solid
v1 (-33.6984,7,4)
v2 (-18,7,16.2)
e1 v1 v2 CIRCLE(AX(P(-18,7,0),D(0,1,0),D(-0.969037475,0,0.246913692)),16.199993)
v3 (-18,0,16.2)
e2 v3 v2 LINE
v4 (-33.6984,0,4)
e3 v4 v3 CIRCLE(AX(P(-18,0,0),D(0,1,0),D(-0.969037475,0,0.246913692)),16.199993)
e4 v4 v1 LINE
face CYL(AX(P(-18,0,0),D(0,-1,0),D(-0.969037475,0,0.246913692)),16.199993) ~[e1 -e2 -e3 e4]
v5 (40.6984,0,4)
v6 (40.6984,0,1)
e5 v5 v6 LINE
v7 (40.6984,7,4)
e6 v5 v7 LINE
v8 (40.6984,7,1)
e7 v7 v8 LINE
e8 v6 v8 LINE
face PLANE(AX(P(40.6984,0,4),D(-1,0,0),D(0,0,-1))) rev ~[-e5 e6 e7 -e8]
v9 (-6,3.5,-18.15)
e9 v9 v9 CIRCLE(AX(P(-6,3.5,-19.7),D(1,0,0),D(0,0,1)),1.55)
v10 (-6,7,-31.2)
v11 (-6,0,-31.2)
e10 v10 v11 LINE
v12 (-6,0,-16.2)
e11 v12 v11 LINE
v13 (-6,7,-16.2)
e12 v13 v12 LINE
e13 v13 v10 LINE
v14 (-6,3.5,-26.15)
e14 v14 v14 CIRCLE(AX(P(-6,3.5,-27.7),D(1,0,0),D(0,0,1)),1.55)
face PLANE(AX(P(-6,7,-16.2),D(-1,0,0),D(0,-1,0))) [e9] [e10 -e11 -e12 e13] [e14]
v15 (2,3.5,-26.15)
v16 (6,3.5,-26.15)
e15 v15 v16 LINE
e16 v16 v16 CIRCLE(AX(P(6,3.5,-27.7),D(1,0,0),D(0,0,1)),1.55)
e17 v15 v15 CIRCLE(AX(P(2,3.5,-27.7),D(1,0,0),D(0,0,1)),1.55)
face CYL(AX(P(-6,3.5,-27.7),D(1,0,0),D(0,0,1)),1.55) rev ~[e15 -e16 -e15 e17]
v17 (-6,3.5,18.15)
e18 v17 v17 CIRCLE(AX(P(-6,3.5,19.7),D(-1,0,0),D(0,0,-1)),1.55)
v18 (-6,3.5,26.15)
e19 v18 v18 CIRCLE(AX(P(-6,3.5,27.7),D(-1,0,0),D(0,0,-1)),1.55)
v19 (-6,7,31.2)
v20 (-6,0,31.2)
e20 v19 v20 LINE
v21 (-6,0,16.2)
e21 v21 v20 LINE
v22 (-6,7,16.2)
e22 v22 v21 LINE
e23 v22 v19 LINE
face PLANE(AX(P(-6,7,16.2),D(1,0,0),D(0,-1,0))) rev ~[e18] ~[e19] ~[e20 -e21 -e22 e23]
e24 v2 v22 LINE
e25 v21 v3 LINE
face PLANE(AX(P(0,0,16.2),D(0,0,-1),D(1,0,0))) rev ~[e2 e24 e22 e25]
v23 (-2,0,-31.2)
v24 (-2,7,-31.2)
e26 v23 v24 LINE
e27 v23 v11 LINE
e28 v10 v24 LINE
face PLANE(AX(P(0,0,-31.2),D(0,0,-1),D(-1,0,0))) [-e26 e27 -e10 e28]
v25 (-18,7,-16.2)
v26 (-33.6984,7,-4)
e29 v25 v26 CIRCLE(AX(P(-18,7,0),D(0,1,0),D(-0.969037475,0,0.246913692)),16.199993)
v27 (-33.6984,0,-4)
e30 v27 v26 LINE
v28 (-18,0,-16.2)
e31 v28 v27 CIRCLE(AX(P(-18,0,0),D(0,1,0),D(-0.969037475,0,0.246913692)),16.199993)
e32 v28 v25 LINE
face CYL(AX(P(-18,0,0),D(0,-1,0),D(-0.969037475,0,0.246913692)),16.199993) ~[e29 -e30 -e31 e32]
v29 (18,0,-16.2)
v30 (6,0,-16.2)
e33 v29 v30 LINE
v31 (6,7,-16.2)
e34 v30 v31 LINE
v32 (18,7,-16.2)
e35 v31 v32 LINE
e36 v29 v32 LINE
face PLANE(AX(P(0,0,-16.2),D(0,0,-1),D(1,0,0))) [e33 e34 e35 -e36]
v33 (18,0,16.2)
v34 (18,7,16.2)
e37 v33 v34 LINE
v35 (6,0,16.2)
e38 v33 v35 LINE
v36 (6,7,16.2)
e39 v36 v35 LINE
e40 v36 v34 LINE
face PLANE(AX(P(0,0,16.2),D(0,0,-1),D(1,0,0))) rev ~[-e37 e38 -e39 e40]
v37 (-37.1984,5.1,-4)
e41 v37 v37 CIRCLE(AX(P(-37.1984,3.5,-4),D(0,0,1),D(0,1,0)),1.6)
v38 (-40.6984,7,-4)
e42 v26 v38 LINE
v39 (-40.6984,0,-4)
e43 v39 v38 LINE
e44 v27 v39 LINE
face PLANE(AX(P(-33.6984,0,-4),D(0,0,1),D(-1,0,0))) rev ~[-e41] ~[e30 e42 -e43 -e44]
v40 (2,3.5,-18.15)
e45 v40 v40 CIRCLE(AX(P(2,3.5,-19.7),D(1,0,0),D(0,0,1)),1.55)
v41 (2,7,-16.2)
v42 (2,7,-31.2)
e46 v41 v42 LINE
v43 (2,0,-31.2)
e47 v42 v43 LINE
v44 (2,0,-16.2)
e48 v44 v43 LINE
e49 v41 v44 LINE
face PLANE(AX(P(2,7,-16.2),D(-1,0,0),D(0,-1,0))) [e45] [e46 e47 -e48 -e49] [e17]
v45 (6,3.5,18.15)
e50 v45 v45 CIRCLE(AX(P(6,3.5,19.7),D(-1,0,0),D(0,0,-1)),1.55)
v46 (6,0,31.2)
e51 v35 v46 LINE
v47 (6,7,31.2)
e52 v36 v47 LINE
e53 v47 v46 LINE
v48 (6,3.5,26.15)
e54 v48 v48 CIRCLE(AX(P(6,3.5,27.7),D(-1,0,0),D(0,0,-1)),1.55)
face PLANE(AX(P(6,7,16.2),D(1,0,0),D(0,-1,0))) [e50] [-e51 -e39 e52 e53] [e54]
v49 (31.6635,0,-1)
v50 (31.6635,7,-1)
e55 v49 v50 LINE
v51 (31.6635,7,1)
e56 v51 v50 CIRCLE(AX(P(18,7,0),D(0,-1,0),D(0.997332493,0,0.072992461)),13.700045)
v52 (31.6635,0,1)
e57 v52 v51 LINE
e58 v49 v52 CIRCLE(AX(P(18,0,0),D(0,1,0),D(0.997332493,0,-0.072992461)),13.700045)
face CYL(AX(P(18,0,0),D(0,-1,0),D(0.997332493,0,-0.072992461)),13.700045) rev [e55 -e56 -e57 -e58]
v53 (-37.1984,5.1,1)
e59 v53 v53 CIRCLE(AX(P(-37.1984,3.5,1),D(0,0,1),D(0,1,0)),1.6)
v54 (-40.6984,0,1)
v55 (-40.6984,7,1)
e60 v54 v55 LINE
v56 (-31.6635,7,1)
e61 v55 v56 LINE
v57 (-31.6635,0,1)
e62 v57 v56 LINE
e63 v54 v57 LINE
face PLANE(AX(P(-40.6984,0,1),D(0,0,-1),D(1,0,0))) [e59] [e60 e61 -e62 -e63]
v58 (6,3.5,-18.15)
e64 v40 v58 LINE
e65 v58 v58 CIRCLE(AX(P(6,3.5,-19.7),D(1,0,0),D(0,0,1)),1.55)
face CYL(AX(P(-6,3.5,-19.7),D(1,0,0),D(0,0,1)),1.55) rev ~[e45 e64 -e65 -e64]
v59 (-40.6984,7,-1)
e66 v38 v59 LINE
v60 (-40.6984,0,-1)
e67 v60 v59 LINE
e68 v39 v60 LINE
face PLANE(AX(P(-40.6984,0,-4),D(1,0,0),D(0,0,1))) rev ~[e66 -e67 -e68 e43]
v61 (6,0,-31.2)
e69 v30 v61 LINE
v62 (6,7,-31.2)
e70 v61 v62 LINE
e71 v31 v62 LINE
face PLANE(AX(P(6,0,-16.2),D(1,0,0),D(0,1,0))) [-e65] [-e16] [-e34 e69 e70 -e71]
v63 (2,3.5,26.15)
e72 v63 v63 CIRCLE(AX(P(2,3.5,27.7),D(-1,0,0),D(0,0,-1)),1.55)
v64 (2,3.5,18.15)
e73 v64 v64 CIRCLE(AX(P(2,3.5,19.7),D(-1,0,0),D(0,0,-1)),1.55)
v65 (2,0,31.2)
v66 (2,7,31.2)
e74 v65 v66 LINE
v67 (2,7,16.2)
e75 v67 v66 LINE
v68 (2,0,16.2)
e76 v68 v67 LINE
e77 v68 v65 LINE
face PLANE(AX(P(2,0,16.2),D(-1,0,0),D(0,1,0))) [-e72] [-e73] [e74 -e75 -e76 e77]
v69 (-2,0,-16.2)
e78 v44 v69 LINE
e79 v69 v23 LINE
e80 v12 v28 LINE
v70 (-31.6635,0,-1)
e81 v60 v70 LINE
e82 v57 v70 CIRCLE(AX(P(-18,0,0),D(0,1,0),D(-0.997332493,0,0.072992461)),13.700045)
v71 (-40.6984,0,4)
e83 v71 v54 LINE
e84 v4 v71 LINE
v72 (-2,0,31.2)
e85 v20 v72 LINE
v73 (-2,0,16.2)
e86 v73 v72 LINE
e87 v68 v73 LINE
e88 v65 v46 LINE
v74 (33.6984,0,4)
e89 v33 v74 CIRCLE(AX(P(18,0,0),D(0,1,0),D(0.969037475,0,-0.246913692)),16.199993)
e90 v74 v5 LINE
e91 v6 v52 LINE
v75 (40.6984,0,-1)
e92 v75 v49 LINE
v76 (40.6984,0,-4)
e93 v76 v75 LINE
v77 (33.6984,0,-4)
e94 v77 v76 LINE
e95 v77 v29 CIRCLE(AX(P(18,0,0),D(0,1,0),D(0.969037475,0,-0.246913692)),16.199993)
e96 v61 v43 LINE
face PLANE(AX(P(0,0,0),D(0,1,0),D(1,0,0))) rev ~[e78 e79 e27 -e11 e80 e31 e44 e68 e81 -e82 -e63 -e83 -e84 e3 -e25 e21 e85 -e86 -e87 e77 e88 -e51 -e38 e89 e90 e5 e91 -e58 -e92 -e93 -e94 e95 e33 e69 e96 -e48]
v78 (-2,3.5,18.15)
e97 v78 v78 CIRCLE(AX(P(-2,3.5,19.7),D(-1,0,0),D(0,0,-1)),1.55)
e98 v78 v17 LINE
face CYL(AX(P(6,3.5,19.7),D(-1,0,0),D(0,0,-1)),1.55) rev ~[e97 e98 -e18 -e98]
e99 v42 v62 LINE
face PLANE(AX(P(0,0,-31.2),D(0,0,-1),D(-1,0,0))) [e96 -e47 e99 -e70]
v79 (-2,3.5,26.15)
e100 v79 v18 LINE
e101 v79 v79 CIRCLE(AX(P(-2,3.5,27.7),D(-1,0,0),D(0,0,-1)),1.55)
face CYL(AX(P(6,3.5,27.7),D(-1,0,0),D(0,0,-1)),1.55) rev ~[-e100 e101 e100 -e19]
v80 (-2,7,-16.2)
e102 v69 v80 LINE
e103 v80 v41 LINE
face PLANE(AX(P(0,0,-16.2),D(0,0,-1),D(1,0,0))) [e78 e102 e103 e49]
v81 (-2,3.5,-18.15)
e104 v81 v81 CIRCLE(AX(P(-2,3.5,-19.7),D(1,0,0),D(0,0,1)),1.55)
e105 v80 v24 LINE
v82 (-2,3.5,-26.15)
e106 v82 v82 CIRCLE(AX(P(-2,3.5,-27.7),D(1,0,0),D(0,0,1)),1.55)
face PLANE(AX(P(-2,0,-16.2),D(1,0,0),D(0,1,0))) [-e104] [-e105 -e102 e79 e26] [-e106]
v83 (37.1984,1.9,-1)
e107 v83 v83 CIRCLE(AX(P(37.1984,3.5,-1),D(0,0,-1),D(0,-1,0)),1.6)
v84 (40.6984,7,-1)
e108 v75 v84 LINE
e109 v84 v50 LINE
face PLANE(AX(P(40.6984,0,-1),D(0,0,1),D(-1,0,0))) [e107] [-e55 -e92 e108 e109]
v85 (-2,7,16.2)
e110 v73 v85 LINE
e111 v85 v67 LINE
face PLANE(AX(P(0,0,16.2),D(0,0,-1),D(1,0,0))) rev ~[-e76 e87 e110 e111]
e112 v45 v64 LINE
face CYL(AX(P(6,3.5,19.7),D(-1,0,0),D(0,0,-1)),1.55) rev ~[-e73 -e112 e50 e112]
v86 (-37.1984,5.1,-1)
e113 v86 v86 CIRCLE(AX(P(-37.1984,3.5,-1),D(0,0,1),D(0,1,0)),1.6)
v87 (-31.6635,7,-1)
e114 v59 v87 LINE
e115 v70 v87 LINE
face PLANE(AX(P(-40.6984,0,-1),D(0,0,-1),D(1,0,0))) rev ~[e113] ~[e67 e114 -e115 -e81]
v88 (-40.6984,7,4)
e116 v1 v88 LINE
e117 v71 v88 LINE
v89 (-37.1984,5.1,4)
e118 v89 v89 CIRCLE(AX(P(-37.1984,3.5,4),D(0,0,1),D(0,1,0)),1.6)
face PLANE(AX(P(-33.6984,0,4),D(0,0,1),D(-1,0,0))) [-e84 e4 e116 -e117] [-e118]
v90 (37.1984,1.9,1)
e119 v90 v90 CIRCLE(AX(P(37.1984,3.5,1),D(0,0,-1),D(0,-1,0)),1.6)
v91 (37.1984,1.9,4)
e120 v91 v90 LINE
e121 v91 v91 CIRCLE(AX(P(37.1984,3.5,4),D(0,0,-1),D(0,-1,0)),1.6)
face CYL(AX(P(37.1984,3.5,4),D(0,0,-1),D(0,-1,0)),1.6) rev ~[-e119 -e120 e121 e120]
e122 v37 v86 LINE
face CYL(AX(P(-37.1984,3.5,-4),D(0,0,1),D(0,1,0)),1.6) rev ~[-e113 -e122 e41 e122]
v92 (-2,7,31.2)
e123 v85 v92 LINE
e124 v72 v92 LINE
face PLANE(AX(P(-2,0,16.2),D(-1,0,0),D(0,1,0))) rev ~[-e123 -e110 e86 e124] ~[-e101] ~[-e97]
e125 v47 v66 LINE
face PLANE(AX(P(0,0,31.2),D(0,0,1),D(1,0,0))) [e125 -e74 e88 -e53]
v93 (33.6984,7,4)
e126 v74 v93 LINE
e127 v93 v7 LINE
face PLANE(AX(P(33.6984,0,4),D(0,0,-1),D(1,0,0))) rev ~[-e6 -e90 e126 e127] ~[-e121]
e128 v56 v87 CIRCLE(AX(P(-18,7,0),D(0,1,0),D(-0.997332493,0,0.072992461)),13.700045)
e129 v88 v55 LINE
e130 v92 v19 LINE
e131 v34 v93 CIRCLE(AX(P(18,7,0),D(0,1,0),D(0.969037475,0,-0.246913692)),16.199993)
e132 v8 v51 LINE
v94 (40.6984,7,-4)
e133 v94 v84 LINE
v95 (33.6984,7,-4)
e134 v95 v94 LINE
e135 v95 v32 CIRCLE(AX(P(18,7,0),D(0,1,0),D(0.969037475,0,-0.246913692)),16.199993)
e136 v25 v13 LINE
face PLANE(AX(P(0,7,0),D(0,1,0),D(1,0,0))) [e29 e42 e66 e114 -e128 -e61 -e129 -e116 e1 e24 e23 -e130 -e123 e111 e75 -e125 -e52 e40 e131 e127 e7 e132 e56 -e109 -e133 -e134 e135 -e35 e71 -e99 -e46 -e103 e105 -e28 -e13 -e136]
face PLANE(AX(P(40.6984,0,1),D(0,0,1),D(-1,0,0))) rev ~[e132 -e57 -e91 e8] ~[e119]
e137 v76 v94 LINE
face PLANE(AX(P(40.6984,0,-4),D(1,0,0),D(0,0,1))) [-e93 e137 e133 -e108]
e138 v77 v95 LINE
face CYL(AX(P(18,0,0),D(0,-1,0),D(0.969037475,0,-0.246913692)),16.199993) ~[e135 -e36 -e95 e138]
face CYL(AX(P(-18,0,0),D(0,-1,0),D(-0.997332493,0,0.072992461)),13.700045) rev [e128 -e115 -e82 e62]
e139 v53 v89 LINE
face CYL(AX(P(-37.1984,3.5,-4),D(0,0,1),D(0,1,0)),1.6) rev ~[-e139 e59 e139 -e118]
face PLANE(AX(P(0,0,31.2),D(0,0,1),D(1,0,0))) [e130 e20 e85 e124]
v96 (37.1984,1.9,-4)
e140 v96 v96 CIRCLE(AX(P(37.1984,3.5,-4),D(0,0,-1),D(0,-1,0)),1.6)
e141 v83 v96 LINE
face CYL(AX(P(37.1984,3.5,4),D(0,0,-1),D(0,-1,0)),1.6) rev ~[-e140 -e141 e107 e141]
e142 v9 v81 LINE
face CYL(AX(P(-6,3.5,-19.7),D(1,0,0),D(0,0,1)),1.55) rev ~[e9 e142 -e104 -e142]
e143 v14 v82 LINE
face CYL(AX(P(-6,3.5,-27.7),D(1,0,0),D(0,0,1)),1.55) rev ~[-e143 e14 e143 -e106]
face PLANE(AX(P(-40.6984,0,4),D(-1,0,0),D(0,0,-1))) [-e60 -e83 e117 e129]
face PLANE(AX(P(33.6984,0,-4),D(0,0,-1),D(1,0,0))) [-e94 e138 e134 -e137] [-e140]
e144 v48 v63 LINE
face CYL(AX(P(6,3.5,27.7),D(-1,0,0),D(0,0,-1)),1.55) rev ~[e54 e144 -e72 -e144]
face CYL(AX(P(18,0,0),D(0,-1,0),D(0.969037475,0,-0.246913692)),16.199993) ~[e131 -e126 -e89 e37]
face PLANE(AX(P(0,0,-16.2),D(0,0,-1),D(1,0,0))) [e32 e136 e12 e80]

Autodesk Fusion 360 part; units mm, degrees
sketch "Sketch1" plane through (0, 0, 0) normal (0, 1, 0) x (1, 0, 0)
  line L0 (1.75, 0) -> (22.5, 0)
  arc A0 (-33.6984, -4) -> (-33.6984, 4) centre (-18, 0) ccw
  arc A1 (-31.6635, -1) -> (-31.6635, 1) centre (-18, 0) ccw
  line L1 (-33.6984, 4) -> (-40.6984, 4)
  line L2 (-40.6984, 4) -> (-40.6984, 1)
  line L3 (-40.6984, 1) -> (-31.6635, 1)
  line L4 (-33.6984, -4) -> (-40.6984, -4)
  line L5 (-40.6984, -4) -> (-40.6984, -1)
  line L6 (-40.6984, -1) -> (-31.6635, -1)
  line L7 (-18, 0) -> (-40.6984, 0) construction
  circle A2 centre (-18, 0) radius 12.9205 construction
  line L8 (0, -16.2) -> (0, 16.2)
  line L9 (0, 16.2) -> (-18, 16.2)
  line L10 (0, -16.2) -> (-18, -16.2)
  line L11 (0, 16.2) -> (18, 16.2)
  line L12 (33.6984, -4) -> (40.6984, -4)
  arc A3 (31.6635, 1) -> (31.6635, -1) centre (18, 0) ccw
  circle A4 centre (18, 0) radius 12.9205 construction
  line L13 (40.6984, -4) -> (40.6984, -1)
  line L14 (40.6984, -1) -> (31.6635, -1)
  line L15 (40.6984, 4) -> (40.6984, 1)
  line L16 (18, 0) -> (40.6984, 0) construction
  line L17 (40.6984, 1) -> (31.6635, 1)
  line L18 (0, -16.2) -> (18, -16.2)
  line L19 (33.6984, 4) -> (40.6984, 4)
  line L20 (0, -16.2) -> (0, 16.2)
  arc A5 (33.6984, 4) -> (33.6984, -4) centre (18, 0) ccw
  point P0 (-1.75, 0)
  dimension "d2" = 18
  dimension "d16" = 7
  dimension "d17" = 3
  dimension "d18" = 7
  dimension "d19" = 3
  dimension "d20" = 25.841
  dimension "d21" = 32.4
  dimension "d22" = 13.7
  dimension "d23" = 16.2
extrude "Extrude1" add sketch "Sketch1" along normal blind 7
hole "Hole1" at (-37.1984, 3.5, -4) direction (0, 0, 1) diameter 3.2 depth 8 tip angle 180
hole "Hole2" at (37.1984, 3.5, 4) direction (0, 0, -1) diameter 3.2 depth 8 tip angle 180
sketch "Sketch3" plane through (0, 0, 16.2) normal (0, 0, 1) x (1, 0, 0)
  line L0 (-18, 0) -> (18, 0)
  line L1 (18, 0) -> (18, 7)
  line L2 (18, 7) -> (-18, 7)
  line L3 (-18, 7) -> (-18, 0)
  line L4 (0, 0) -> (0, 7) construction
  line L5 (-2, 7) -> (-6, 7)
  line L6 (-6, 7) -> (-6, 0)
  line L7 (-6, 0) -> (-2, 0)
  line L8 (-2, 0) -> (-2, 7)
  line L9 (2, 7) -> (6, 7)
  line L10 (6, 7) -> (6, 0)
  line L11 (6, 0) -> (2, 0)
  line L12 (2, 0) -> (2, 7)
  dimension "d35" = 4
  dimension "d36" = 7
  dimension "d37" = 2
  dimension "d38" = 4
  dimension "d39" = 7
  dimension "d40" = 2
sketch "Sketch4" plane through (0, 0, -16.2) normal (0, 0, -1) x (-1, 0, 0)
  line L0 (-18, 0) -> (18, 0)
  line L1 (18, 0) -> (18, 7)
  line L2 (18, 7) -> (-18, 7)
  line L3 (-18, 7) -> (-18, 0)
  line L4 (0, 0) -> (0, 7) construction
  line L5 (-6, 7) -> (-2, 7)
  line L6 (-2, 7) -> (-2, 0)
  line L7 (-2, 0) -> (-6, 0)
  line L8 (-6, 0) -> (-6, 7)
  line L9 (2, 7) -> (6, 7)
  line L10 (6, 7) -> (6, 0)
  line L11 (6, 0) -> (2, 0)
  line L12 (2, 0) -> (2, 7)
  dimension "d41" = 2
  dimension "d42" = 2
  dimension "d43" = 4
  dimension "d44" = 4
extrude "Extrude2" add sketch "Sketch4" along normal blind 15 contours L0 L2 L5 L6 L7 L8 | L0 L2 L9 L10 L11 L12
extrude "Extrude3" add sketch "Sketch3" along normal blind 15 contours L0 L2 L5 L6 L7 L8 | L0 L2 L9 L10 L11 L12
hole "Hole3" at (-6, 3.5, -27.7) direction (1, 0, 0) diameter 3.1 depth 12 tip angle 180
hole "Hole4" at (-6, 3.5, -19.7) direction (1, 0, 0) diameter 3.1 depth 12 tip angle 180
hole "Hole5" at (6, 3.5, 27.7) direction (-1, 0, 0) diameter 3.1 depth 12 tip angle 180
hole "Hole6" at (6, 3.5, 19.7) direction (-1, 0, 0) diameter 3.1 depth 12 tip angle 180
